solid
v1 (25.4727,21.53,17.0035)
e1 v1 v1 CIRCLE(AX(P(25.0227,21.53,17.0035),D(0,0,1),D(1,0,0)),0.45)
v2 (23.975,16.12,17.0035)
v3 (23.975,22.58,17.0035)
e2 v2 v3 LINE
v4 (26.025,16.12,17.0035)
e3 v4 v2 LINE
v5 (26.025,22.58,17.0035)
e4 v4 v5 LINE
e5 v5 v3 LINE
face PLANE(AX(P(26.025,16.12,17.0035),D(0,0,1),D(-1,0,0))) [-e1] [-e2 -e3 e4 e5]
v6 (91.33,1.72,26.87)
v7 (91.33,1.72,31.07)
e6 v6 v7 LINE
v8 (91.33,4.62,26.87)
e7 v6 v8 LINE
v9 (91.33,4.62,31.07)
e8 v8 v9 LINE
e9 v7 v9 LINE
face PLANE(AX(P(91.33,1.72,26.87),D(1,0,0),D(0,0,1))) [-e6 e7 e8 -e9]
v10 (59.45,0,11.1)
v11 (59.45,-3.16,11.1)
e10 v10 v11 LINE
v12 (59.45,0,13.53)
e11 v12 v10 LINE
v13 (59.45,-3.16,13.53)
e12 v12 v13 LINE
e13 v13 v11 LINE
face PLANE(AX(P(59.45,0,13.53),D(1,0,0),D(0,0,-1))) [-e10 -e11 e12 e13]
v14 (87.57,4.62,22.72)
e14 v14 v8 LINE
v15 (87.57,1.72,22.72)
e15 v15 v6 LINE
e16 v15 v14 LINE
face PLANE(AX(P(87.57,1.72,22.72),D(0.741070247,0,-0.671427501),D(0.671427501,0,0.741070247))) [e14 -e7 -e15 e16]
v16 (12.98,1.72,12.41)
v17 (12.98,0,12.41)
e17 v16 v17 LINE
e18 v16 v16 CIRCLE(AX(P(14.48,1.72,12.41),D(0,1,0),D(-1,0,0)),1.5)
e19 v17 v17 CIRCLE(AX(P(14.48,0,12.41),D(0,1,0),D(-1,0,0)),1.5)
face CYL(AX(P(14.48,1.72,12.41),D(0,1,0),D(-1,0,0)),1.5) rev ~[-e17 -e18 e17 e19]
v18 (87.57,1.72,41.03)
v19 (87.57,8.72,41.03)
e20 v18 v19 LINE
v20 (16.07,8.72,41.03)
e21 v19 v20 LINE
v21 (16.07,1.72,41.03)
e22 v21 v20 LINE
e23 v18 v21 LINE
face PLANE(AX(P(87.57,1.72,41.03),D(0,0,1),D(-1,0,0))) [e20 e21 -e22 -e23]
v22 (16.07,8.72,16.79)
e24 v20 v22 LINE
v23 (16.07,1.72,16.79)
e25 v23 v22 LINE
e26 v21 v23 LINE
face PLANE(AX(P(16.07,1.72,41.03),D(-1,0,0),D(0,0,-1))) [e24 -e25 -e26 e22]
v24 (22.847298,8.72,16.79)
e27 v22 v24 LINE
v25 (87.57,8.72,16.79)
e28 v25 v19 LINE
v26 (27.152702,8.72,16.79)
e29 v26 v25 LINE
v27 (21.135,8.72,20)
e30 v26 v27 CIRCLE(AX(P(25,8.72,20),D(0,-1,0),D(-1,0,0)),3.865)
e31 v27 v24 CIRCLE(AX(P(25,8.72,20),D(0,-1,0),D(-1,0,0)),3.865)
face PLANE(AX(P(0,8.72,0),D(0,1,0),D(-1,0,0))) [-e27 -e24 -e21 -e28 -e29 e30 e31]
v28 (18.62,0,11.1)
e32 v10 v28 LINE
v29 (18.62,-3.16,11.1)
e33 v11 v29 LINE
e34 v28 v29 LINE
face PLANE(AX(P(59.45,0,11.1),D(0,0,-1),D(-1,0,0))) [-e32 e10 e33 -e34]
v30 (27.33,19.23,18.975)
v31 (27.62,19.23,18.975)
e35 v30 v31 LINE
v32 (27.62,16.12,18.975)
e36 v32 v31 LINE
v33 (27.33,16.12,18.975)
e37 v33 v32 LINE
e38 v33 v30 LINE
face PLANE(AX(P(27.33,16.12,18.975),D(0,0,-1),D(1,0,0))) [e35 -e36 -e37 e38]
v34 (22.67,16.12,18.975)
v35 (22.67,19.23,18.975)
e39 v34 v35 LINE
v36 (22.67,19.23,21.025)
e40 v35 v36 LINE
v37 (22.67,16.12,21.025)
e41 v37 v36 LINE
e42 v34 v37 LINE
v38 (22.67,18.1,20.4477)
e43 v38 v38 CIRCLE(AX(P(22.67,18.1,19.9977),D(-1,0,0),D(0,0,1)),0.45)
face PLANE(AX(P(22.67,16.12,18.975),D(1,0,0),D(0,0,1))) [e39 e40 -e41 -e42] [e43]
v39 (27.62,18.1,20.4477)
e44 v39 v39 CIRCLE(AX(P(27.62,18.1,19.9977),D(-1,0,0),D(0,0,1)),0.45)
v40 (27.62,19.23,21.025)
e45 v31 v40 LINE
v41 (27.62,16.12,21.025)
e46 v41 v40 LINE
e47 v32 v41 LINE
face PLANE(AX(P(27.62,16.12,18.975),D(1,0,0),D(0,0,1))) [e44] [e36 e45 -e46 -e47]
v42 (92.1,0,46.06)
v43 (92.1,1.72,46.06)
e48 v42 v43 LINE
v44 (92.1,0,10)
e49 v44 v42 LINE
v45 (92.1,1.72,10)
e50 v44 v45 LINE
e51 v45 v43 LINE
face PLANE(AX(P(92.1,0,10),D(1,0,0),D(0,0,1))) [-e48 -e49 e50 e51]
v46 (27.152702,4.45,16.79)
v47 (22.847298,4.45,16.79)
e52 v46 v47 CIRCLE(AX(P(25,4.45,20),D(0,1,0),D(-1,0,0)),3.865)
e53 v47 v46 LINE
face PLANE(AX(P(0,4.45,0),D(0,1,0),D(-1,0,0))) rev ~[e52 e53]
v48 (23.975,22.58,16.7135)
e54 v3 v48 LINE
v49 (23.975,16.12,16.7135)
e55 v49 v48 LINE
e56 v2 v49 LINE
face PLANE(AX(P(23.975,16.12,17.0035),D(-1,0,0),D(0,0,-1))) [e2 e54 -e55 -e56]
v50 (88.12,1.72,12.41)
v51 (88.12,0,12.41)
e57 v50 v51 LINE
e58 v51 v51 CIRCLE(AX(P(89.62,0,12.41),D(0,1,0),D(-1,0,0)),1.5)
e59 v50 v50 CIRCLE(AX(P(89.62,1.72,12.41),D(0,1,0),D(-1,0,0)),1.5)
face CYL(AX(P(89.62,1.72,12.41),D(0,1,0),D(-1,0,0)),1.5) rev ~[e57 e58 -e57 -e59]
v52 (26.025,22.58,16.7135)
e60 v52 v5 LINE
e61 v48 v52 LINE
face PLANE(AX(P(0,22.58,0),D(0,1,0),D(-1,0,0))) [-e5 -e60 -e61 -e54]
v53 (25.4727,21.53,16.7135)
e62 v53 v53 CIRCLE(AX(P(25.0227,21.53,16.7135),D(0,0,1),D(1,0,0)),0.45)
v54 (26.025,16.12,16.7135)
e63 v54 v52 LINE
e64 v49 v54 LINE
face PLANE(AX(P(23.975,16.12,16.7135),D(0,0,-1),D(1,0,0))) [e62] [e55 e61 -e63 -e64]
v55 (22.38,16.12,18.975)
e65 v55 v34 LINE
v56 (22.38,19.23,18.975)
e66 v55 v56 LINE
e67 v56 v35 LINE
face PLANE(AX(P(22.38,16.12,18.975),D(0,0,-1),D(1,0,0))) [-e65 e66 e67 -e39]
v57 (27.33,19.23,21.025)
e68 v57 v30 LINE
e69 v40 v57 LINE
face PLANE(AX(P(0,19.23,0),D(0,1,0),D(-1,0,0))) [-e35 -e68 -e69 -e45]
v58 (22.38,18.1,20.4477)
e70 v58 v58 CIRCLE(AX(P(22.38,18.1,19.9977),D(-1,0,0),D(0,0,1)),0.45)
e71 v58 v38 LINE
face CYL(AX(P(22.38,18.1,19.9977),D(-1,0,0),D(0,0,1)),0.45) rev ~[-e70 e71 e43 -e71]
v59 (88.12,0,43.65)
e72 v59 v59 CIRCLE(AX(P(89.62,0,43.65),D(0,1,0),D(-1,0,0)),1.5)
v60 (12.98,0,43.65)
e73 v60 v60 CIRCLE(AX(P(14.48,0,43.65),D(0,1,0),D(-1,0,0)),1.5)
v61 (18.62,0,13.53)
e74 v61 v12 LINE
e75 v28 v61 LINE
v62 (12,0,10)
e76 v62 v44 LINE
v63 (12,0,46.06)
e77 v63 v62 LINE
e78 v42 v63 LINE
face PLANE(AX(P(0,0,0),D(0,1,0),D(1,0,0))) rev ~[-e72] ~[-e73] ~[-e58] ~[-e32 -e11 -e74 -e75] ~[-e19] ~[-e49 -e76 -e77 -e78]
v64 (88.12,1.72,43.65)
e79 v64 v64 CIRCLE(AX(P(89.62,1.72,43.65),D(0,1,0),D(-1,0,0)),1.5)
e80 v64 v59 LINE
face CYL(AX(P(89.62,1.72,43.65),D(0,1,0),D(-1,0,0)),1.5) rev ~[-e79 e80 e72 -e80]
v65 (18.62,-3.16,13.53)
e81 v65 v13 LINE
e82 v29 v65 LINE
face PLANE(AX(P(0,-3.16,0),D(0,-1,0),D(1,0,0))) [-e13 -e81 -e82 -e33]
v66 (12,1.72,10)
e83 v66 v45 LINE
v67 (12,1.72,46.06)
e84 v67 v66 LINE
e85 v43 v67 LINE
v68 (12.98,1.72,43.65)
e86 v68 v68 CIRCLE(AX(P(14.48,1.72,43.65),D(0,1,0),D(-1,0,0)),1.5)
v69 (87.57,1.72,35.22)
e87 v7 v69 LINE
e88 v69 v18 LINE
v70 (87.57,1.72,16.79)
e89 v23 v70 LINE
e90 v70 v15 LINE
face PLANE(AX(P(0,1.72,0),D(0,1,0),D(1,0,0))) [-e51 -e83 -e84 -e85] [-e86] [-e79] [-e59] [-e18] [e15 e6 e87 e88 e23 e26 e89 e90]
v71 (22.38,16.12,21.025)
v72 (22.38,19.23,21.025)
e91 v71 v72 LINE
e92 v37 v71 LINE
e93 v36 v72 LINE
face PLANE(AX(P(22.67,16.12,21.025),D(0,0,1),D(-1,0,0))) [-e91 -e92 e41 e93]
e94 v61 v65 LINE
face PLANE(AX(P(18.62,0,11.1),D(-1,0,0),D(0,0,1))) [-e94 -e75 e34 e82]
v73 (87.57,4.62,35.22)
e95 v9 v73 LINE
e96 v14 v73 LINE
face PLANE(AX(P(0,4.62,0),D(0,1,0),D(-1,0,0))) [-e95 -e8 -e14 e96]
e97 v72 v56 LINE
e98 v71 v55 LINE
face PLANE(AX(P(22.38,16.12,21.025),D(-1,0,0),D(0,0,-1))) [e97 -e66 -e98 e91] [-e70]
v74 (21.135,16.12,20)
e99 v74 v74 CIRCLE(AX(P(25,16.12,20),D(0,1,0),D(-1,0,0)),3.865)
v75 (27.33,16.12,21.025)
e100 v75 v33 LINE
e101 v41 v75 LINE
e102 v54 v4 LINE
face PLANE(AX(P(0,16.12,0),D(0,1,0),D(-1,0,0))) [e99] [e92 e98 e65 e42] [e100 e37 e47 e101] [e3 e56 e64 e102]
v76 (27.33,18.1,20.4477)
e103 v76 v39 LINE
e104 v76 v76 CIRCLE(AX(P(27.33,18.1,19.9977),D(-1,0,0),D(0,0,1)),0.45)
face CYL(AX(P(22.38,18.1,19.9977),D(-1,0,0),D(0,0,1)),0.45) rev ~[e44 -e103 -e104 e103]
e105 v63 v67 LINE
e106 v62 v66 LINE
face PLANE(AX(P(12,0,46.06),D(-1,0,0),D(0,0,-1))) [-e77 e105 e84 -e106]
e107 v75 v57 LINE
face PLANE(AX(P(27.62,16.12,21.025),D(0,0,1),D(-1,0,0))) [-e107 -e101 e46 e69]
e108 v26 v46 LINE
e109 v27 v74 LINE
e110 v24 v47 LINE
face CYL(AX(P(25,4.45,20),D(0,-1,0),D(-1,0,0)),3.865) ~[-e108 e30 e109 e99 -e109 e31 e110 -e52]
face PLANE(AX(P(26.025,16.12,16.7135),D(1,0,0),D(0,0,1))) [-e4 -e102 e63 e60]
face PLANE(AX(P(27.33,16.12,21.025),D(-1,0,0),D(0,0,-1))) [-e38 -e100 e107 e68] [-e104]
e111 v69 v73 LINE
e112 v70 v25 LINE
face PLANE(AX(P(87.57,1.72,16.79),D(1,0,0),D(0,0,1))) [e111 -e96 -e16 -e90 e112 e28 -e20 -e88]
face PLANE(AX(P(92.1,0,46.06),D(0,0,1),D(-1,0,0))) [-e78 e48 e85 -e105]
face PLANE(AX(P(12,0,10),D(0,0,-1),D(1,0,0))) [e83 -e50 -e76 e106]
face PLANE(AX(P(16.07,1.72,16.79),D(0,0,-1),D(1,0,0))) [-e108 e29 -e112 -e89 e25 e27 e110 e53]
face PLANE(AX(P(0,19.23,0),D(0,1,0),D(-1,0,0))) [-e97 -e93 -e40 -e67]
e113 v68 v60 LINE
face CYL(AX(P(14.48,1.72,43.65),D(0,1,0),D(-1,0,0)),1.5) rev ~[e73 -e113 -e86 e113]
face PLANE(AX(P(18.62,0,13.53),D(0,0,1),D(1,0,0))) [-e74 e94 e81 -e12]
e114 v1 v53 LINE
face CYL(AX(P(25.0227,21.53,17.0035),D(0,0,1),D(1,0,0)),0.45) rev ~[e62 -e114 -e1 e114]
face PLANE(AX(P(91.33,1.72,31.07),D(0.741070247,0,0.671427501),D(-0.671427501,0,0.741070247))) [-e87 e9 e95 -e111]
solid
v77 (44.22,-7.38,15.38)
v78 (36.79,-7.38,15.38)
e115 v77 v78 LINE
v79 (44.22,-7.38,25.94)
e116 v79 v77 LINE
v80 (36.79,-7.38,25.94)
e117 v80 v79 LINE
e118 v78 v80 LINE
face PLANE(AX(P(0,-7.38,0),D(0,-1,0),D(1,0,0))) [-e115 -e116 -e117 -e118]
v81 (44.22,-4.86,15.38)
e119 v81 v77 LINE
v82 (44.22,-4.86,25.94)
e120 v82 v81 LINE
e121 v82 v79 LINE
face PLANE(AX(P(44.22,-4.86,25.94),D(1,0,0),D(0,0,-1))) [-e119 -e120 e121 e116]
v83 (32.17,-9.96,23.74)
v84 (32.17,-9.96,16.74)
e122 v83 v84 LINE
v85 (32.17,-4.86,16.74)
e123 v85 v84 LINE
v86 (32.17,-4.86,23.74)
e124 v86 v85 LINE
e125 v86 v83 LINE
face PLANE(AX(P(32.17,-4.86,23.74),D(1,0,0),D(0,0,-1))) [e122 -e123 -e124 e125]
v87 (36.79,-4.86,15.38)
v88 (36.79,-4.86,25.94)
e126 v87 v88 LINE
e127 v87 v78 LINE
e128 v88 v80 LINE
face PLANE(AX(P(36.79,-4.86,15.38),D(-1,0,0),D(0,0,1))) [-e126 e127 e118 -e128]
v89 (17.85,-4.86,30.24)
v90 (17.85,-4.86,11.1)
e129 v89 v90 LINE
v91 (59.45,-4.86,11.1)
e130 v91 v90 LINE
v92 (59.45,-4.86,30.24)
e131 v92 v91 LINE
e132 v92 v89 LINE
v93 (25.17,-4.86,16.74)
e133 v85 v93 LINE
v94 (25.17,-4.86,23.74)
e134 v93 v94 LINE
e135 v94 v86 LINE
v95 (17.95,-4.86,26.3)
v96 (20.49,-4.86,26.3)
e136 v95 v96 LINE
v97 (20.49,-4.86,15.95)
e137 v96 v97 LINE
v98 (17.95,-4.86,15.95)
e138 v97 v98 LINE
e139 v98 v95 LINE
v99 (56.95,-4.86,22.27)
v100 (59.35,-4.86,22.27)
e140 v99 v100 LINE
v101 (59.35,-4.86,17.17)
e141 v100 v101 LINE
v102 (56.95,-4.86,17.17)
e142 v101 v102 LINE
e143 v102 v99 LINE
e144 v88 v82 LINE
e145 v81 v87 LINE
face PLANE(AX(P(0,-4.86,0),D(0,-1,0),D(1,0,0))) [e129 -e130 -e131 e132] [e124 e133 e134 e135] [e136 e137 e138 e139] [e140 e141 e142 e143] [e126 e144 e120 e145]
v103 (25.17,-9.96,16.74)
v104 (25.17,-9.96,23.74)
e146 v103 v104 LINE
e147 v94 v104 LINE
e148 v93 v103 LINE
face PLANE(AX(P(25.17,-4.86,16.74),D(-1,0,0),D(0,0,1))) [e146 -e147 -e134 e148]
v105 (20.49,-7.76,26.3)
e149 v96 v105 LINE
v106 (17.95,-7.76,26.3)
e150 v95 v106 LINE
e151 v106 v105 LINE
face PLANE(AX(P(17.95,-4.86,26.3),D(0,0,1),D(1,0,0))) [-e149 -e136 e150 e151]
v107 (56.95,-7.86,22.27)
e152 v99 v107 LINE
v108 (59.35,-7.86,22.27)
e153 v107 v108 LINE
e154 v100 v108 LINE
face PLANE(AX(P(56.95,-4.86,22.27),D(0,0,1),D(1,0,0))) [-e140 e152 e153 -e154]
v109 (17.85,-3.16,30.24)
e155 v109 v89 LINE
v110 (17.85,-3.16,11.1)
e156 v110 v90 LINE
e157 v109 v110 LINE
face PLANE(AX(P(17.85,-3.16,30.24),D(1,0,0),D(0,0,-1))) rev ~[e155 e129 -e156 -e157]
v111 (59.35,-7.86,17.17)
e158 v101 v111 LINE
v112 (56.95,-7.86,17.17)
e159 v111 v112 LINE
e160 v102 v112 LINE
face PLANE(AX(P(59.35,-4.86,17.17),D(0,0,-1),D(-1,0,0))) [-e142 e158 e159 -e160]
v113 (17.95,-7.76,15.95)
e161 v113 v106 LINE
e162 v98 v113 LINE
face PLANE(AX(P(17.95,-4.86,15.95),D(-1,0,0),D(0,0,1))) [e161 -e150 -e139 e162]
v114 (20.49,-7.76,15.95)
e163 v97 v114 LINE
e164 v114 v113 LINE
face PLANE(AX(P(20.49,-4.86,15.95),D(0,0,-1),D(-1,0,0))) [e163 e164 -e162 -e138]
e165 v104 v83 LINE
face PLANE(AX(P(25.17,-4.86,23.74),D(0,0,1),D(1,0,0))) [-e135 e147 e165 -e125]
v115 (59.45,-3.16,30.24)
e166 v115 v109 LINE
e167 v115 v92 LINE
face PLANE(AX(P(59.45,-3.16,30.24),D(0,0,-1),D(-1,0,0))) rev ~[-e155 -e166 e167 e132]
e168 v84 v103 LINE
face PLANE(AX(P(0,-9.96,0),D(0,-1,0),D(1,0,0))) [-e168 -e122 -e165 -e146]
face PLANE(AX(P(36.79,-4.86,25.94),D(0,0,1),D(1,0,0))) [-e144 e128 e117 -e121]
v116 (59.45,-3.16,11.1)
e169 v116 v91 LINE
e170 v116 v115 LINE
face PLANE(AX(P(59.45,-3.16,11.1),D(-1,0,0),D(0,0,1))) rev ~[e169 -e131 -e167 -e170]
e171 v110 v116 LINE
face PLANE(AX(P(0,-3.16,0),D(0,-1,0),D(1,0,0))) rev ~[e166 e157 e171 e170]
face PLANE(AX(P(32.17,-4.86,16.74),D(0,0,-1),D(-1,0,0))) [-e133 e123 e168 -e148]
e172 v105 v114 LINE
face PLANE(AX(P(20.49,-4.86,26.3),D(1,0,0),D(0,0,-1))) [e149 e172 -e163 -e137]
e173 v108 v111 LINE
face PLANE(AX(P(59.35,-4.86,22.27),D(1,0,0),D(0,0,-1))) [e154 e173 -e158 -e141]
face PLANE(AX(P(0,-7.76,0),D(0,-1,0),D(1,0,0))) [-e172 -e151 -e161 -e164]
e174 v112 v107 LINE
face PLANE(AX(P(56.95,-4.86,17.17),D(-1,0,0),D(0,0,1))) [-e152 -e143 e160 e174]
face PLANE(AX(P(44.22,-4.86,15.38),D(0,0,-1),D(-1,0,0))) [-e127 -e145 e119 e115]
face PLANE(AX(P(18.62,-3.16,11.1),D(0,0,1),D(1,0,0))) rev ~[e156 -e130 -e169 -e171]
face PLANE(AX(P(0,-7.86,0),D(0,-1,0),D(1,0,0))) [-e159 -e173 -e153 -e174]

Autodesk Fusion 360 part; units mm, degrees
sketch "Main PCB" plane through (0, 0, 0) normal (0, 1, 0) x (1, 0, 0)
  line L0 (12, -10) -> (92.1, -10)
  line L1 (92.1, -10) -> (92.1, -46.06)
  line L2 (92.1, -46.06) -> (12, -46.06)
  line L3 (12, -46.06) -> (12, -10)
  dimension "d1" = 80.1
  dimension "d2" = 36.06
extrude "Extrude1" add sketch "Main PCB" along normal blind 1.72 makes body 1
sketch "Display unit" plane through (0, 1.72, 0) normal (0, 1, 0) x (-1, 0, 0)
  line L0 (-12, 46.06) -> (-92.1, 46.06)
  line L1 (-92.1, 46.06) -> (-92.1, 10)
  line L2 (-92.1, 10) -> (-12, 10)
  line L3 (-12, 10) -> (-12, 46.06)
  line L4 (-16.07, 16.79) -> (-87.57, 16.79)
  line L5 (-87.57, 16.79) -> (-87.57, 41.03)
  line L6 (-87.57, 41.03) -> (-16.07, 41.03)
  line L7 (-16.07, 41.03) -> (-16.07, 16.79)
  dimension "d5" = 71.5
  dimension "d6" = 24.24
  dimension "d7" = 5.03
  dimension "d8" = 4.07
extrude "Extrude2" add sketch "Display unit" along normal blind 7 contours L4 L5 L6 L7 bodies 1
sketch "Trapezium display unit" plane through (0, 1.72, 0) normal (0, 1, 0) x (-1, 0, 0)
  line L0 (-16.07, 41.03) -> (-16.07, 16.79)
  line L1 (-16.07, 16.79) -> (-87.57, 16.79)
  line L2 (-87.57, 16.79) -> (-87.57, 41.03)
  line L3 (-87.57, 41.03) -> (-16.07, 41.03)
  line L4 (-12, 46.06) -> (-92.1, 46.06)
  line L5 (-92.1, 46.06) -> (-92.1, 10)
  line L6 (-92.1, 10) -> (-12, 10)
  line L7 (-12, 10) -> (-12, 46.06)
  line L8 (-87.57, 22.72) -> (-91.33, 26.87)
  line L9 (-91.33, 26.87) -> (-91.33, 31.07)
  line L10 (-91.33, 31.07) -> (-87.57, 35.22)
  line L11 (-87.57, 22.72) -> (-87.57, 35.22)
  dimension "d11" = 12.5
  dimension "d12" = 4.2
  dimension "d13" = 5.6
  dimension "d16" = 5.93
extrude "Extrude3" add sketch "Trapezium display unit" along normal blind 2.9 contours L2 L8 L9 L10 L11 bodies 1
sketch "PCB holes" plane through (0, 1.72, 0) normal (0, 1, 0) x (-1, 0, 0)
  line L0 (-12, 46.06) -> (-92.1, 46.06)
  line L1 (-92.1, 46.06) -> (-92.1, 10)
  line L2 (-92.1, 10) -> (-12, 10)
  line L3 (-12, 10) -> (-12, 46.06)
  line L4 (-87.57, 22.72) -> (-91.33, 26.87)
  line L5 (-91.33, 26.87) -> (-91.33, 31.07)
  line L6 (-91.33, 31.07) -> (-87.57, 35.22)
  line L7 (-87.57, 35.22) -> (-87.57, 41.03)
  line L8 (-87.57, 41.03) -> (-16.07, 41.03)
  line L9 (-16.07, 41.03) -> (-16.07, 16.79)
  line L10 (-16.07, 16.79) -> (-87.57, 16.79)
  line L11 (-87.57, 16.79) -> (-87.57, 22.72)
  circle A0 centre (-14.48, 12.41) radius 1.5
  circle A1 centre (-89.62, 12.41) radius 1.5
  circle A2 centre (-89.62, 43.65) radius 1.5
  circle A3 centre (-14.48, 43.65) radius 1.5
  dimension "d17" = 3
  dimension "d18" = 2.41
  dimension "d19" = 2.48
  dimension "d20" = 3
  dimension "d21" = 2.41
  dimension "d22" = 2.48
  dimension "d23" = 3
  dimension "d24" = 3
  dimension "d25" = 2.48
  dimension "d26" = 2.41
  dimension "d27" = 2.48
  dimension "d28" = 2.41
extrude "Extrude4" cut sketch "PCB holes" against normal up to surface (1.72 mm away) contours A0 | A1 | A2 | A3 bodies 1
sketch "PINs back" plane through (0, 0, 0) normal (0, -1, 0) x (1, 0, 0)
  circle A0 centre (14.48, 43.65) radius 1.5
  circle A1 centre (89.62, 43.65) radius 1.5
  circle A2 centre (14.48, 12.41) radius 1.5
  circle A3 centre (89.62, 12.41) radius 1.5
  line L0 (92.1, 46.06) -> (12, 46.06)
  line L1 (12, 46.06) -> (12, 10)
  line L2 (12, 10) -> (92.1, 10)
  line L3 (92.1, 10) -> (92.1, 46.06)
  line L4 (18.62, 13.53) -> (59.45, 13.53)
  line L5 (59.45, 13.53) -> (59.45, 11.1)
  line L6 (59.45, 11.1) -> (18.62, 11.1)
  line L7 (18.62, 11.1) -> (18.62, 13.53)
  dimension "d31" = 40.83
  dimension "d32" = 2.43
  dimension "d33" = 1.1
  dimension "d34" = 6.62
extrude "Extrude5" add sketch "PINs back" along normal blind 3.16 contours L4 L5 L6 L7 bodies 1
sketch "PCB driver" plane through (0, -3.16, 0) normal (0, -1, 0) x (1, 0, 0)
  line L0 (18.62, 11.1) -> (59.45, 11.1)
  line L1 (59.45, 11.1) -> (59.45, 13.53)
  line L2 (59.45, 13.53) -> (18.62, 13.53)
  line L3 (18.62, 13.53) -> (18.62, 11.1)
  line L4 (17.85, 11.1) -> (59.45, 11.1)
  line L5 (59.45, 11.1) -> (59.45, 30.24)
  line L6 (59.45, 30.24) -> (17.85, 30.24)
  line L7 (17.85, 30.24) -> (17.85, 11.1)
  dimension "d37" = 41.6
  dimension "d38" = 19.14
extrude "Extrude6" add sketch "PCB driver" along normal blind 1.7 separate body makes body 2
sketch "PCB driver components" plane through (0, -4.86, 0) normal (0, -1, 0) x (1, 0, 0)
  line L0 (17.85, 30.24) -> (17.85, 11.1)
  line L1 (17.85, 11.1) -> (59.45, 11.1)
  line L2 (59.45, 11.1) -> (59.45, 30.24)
  line L3 (59.45, 30.24) -> (17.85, 30.24)
  line L4 (25.17, 23.74) -> (32.17, 23.74)
  line L5 (32.17, 23.74) -> (32.17, 16.74)
  line L6 (32.17, 16.74) -> (25.17, 16.74)
  line L7 (25.17, 16.74) -> (25.17, 23.74)
  line L8 (17.95, 26.3) -> (20.49, 26.3)
  line L9 (20.49, 26.3) -> (20.49, 15.95)
  line L10 (20.49, 15.95) -> (17.95, 15.95)
  line L11 (17.95, 15.95) -> (17.95, 26.3)
  line L12 (56.95, 22.27) -> (59.35, 22.27)
  line L13 (59.35, 22.27) -> (59.35, 17.17)
  line L14 (59.35, 17.17) -> (56.95, 17.17)
  line L15 (56.95, 17.17) -> (56.95, 22.27)
  line L16 (36.79, 25.94) -> (44.22, 25.94)
  line L17 (44.22, 25.94) -> (44.22, 15.38)
  line L18 (44.22, 15.38) -> (36.79, 15.38)
  line L19 (36.79, 15.38) -> (36.79, 25.94)
  dimension "d42" = 7
  dimension "d43" = 7
  dimension "d45" = 6.5
  dimension "d46" = 27.28
  dimension "d49" = 2.54
  dimension "d50" = 10.35
  dimension "d51" = 3.94
  dimension "d52" = 0.1
  dimension "d55" = 5.1
  dimension "d56" = 2.4
  dimension "d57" = 7.97
  dimension "d58" = 0.1
  dimension "d61" = 7.43
  dimension "d63" = 10.56
  dimension "d64" = 4.3
  dimension "d65" = 4.62
extrude "Extrude10" add sketch "PCB driver components" along normal blind 2.52 contours L16 L17 L18 L19 bodies 2
extrude "Extrude9" add sketch "PCB driver components" along normal blind 3 contours L12 L13 L14 L15 bodies 2
extrude "Extrude8" add sketch "PCB driver components" along normal blind 2.9 contours L8 L9 L10 L11 bodies 2
extrude "Extrude7" add sketch "PCB driver components" along normal blind 5.1 contours L4 L5 L6 L7 bodies 2
equation "d18 = 0.91 mm + d17 / 2"
equation "d19 = 0.98 mm + d17 / 2"
equation "d20 = d17"
equation "d21 = d18"
equation "d22 = d19"
equation "d23 = d17"
equation "d24 = d17"
equation "d25 = d19"
equation "d26 = d18"
equation "d27 = d19"
equation "d28 = d18"

Autodesk Fusion 360 part; units mm, degrees
sketch "Jack base" plane through (0, 0, 0) normal (0, 1, 0) x (1, 0, 0)
  circle A0 centre (25, -20) radius 1.77
  circle A1 centre (25, -20) radius 2.885
  dimension "d1" = 5.77
  dimension "d2" = 3.54
extrude "Extrude1" add sketch "Jack base" along normal blind 4.45
sketch "Housing" plane through (0, 4.45, 0) normal (0, 1, 0) x (-1, 0, 0)
  circle A0 centre (-25, 20) radius 1.77
  circle A1 centre (-25, 20) radius 2.885
  circle A2 centre (-25, 20) radius 3.865
  dimension "d5" = 7.73
extrude "Extrude2" add sketch "Housing" along normal blind 11.67 contours A0 | A1 | A2
thread "Thread1"
sketch "Pins" plane through (0, 16.12, 0) normal (0, 1, 0) x (-1, 0, 0)
  circle A0 centre (-25, 20) radius 3.865
  line L0 (-18.2729, 16.135) -> (-31.9251, 16.135) construction
  line L1 (-26.025, 17.0035) -> (-23.975, 17.0035)
  line L2 (-23.975, 17.0035) -> (-23.975, 16.7135)
  line L3 (-23.975, 16.7135) -> (-26.025, 16.7135)
  line L4 (-26.025, 16.7135) -> (-26.025, 17.0035)
  line L5 (-26.025, 17.0035) -> (-23.975, 16.7135) construction
  line L6 (-23.975, 17.0035) -> (-26.025, 16.7135) construction
  line L7 (-25, 24.5533) -> (-25, 15.4467) construction
  line L8 (-18.8718, 20) -> (-31.1282, 20) construction
  line L9 (-27.62, 21.025) -> (-27.33, 21.025)
  line L10 (-27.33, 21.025) -> (-27.33, 18.975)
  line L11 (-27.33, 18.975) -> (-27.62, 18.975)
  line L12 (-27.62, 18.975) -> (-27.62, 21.025)
  line L13 (-27.62, 21.025) -> (-27.33, 18.975) construction
  line L14 (-27.33, 21.025) -> (-27.62, 18.975) construction
  line L15 (-22.67, 21.025) -> (-22.38, 21.025)
  line L16 (-22.38, 21.025) -> (-22.38, 18.975)
  line L17 (-22.38, 18.975) -> (-22.67, 18.975)
  line L18 (-22.67, 18.975) -> (-22.67, 21.025)
  line L19 (-22.67, 21.025) -> (-22.38, 18.975) construction
  line L20 (-22.38, 21.025) -> (-22.67, 18.975) construction
  dimension "d16" = 2.05
  dimension "d17" = 0.29
  dimension "d18" = 0.29
  dimension "d19" = 0.29
  dimension "d20" = 2.05
  dimension "d21" = 2.05
  dimension "d24" = 2.33
  dimension "d25" = 2.33
extrude "Extrude3" add sketch "Pins" along normal blind 6.46 contours L1 L2 L3 L4
extrude "Extrude4" add sketch "Pins" along normal blind 3.11 contours L9 L10 L11 L12 | L15 L16 L17 L18
sketch "Holes in small pins" plane through (22.38, 0, 0) normal (-1, 0, 0) x (0, 0, 1)
  line L0 (18.975, 16.12) -> (21.025, 16.12)
  line L1 (21.025, 16.12) -> (21.025, 19.23)
  line L2 (21.025, 19.23) -> (18.975, 19.23)
  line L3 (18.975, 19.23) -> (18.975, 16.12)
  circle A0 centre (19.9977, 18.1) radius 0.45
  line L4 (18, 18.55) -> (23, 18.55) construction
  dimension "d30" = 0.9
  dimension "d32" = 0.68
extrude "Extrude5" cut sketch "Holes in small pins" against normal up to surface (5.24 mm away) contours A0
sketch "Hole in big pin" plane through (0, 0, 17.0035) normal (0, 0, 1) x (1, 0, 0)
  line L0 (23.975, 16.12) -> (26.025, 16.12)
  line L1 (26.025, 16.12) -> (26.025, 22.58)
  line L2 (26.025, 22.58) -> (23.975, 22.58)
  line L3 (23.975, 22.58) -> (23.975, 16.12)
  circle A0 centre (25.0227, 21.53) radius 0.45
  line L4 (21, 21.98) -> (31, 21.98) construction
  dimension "d35" = 0.9
  dimension "d36" = 0.6
extrude "Extrude6" cut sketch "Hole in big pin" against normal up to surface (0.29 mm away) contours A0
equation "d18 = d17"
equation "d19 = d17"
equation "d20 = d16"
equation "d21 = d16"
